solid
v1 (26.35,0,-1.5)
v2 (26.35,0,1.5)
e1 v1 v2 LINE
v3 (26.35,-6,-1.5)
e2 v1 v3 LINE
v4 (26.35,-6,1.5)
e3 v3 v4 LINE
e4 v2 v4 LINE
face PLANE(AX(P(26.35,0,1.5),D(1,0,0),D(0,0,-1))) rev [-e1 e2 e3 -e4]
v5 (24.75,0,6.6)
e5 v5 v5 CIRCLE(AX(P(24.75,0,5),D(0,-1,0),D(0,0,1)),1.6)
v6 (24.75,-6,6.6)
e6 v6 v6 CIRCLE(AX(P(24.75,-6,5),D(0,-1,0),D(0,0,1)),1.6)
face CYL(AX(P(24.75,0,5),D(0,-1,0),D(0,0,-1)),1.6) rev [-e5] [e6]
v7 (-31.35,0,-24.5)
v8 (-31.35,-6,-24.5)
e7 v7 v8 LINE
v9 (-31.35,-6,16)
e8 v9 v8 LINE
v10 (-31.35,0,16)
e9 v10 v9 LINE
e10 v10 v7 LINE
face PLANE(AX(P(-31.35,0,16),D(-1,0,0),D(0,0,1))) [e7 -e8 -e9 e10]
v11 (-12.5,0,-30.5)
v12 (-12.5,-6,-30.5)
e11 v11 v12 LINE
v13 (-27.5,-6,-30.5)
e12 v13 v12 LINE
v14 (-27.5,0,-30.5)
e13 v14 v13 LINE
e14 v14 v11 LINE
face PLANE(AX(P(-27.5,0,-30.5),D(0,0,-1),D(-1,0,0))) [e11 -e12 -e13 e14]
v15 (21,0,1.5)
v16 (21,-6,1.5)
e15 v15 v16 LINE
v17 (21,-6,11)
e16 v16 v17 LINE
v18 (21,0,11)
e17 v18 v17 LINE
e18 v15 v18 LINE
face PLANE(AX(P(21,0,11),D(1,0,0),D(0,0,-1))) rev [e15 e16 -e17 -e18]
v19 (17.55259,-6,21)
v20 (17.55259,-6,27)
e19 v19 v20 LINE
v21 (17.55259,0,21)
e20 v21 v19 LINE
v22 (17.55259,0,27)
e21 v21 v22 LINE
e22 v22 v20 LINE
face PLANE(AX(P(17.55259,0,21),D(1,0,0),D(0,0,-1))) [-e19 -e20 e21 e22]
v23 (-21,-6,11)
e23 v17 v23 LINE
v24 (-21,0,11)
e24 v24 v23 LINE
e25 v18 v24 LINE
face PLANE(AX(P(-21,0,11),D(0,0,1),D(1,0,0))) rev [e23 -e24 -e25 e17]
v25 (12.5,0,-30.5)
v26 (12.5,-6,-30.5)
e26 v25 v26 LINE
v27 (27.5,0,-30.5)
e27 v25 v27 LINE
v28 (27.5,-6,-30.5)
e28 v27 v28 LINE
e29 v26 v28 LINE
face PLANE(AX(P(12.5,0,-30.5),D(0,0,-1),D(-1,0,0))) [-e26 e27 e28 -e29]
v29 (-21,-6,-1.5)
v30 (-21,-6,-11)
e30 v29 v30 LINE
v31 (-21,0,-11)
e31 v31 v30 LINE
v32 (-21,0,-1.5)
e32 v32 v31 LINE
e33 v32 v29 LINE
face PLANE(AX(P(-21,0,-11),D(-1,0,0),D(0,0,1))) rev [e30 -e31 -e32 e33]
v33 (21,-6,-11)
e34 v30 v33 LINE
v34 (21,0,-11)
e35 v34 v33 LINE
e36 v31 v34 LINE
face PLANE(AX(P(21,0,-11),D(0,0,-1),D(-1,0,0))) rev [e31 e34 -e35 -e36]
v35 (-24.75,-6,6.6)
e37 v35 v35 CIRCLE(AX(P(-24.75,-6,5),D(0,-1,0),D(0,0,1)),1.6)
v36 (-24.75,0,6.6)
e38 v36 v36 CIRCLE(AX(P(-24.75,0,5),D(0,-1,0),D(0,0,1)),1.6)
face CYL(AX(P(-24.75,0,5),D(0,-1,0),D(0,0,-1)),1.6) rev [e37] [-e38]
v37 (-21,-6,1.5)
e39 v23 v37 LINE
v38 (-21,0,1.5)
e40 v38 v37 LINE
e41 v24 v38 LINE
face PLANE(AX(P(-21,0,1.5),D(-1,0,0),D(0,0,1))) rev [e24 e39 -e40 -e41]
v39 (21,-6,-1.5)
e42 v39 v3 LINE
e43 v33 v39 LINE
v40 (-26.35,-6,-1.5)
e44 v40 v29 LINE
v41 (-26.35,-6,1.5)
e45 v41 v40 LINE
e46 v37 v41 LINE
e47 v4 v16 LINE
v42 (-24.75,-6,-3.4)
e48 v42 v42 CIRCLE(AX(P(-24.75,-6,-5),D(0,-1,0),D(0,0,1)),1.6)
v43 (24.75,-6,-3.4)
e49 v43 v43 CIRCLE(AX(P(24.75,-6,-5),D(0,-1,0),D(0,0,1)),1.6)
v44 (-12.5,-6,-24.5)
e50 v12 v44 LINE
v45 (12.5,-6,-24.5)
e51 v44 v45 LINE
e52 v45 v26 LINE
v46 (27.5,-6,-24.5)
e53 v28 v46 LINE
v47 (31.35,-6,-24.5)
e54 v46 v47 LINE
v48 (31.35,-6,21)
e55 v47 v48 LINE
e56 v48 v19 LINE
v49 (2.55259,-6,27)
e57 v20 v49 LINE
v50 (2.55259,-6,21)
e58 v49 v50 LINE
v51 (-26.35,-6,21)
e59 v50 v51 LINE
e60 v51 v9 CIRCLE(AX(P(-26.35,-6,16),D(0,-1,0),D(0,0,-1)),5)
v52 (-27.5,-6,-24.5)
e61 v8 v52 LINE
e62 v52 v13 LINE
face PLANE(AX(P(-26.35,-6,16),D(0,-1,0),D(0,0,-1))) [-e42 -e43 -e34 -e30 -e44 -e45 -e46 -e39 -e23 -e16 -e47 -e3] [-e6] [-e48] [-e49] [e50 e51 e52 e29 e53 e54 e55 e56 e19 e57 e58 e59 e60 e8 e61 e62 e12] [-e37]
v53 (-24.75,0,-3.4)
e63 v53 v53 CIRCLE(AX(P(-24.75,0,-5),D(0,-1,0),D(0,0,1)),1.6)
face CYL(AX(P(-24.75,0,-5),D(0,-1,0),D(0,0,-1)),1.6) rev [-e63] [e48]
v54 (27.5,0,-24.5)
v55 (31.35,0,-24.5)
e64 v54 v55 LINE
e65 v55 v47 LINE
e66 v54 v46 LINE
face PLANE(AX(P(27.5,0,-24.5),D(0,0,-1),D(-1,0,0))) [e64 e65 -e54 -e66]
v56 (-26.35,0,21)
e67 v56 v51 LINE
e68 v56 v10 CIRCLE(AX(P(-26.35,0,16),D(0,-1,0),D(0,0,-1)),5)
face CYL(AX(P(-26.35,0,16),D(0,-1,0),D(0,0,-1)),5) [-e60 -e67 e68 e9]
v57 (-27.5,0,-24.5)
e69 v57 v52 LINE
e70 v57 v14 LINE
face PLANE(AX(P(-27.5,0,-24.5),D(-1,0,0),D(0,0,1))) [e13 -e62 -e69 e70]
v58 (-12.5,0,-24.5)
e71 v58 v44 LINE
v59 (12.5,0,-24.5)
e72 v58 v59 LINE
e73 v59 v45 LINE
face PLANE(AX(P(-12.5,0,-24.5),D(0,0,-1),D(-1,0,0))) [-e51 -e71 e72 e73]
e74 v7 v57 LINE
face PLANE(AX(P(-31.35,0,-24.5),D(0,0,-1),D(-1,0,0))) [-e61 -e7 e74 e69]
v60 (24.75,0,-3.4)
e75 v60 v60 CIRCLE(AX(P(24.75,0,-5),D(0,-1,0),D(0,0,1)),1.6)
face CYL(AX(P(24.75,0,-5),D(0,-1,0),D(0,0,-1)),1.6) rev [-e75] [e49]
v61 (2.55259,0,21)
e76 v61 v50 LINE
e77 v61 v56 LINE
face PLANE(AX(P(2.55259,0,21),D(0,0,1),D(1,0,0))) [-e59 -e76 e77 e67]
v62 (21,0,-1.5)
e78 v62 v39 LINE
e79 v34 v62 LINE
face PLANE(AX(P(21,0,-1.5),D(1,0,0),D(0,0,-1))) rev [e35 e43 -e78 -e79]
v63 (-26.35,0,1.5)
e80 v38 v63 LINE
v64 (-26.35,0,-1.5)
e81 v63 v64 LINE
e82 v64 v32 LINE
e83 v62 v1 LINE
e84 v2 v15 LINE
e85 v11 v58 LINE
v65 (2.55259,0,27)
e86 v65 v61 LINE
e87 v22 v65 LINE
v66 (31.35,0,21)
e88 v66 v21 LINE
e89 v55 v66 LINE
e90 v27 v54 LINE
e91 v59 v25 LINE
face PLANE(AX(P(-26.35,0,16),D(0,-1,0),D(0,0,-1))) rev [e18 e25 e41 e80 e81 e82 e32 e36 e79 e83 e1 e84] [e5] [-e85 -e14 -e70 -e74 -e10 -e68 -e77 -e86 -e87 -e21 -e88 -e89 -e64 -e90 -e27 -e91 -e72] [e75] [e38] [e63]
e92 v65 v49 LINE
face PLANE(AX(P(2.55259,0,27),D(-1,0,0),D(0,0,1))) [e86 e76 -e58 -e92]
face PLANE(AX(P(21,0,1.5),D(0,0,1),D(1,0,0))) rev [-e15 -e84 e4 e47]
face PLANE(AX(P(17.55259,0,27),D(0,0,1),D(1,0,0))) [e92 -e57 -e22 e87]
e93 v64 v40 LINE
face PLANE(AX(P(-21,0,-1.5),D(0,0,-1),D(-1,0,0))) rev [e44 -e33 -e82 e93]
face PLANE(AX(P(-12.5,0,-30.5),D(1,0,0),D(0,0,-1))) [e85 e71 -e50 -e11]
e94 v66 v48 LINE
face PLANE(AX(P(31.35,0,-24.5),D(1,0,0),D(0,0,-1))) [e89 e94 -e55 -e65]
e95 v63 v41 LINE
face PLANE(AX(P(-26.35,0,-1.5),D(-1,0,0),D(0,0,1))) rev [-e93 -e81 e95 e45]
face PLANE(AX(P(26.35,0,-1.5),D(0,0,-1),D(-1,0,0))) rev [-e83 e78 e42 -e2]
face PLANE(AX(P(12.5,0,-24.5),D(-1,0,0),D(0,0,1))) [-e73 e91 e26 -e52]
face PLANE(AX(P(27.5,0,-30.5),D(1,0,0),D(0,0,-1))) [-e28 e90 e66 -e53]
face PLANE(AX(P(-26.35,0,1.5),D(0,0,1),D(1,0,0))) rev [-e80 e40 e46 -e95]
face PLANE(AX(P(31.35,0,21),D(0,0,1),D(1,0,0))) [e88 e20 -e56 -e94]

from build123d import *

# Parameters (mm, degrees)
ESBO_O1_R                = 1.6
RESSALTO_EXTRUS_O1_DEPTH = 6


with BuildPart() as part:
    # Esboço1 → Ressalto-extrusão1 (new body)
    with BuildSketch(Plane.XZ.offset(6)):
        with BuildLine():
            Line((2.55259, 21), (-26.35, 21))
            ThreePointArc((-26.35, 21), (-29.885533906, 19.535533906), (-31.35, 16))
            Line((-31.35, 16), (-31.35, -24.5))
            Line((-31.35, -24.5), (-27.5, -24.5))
            Line((-27.5, -24.5), (-27.5, -30.5))
            Line((-27.5, -30.5), (-12.5, -30.5))
            Line((-12.5, -30.5), (-12.5, -24.5))
            Line((-12.5, -24.5), (12.5, -24.5))
            Line((12.5, -24.5), (12.5, -30.5))
            Line((12.5, -30.5), (27.5, -30.5))
            Line((27.5, -30.5), (27.5, -24.5))
            Line((27.5, -24.5), (31.35, -24.5))
            Line((31.35, -24.5), (31.35, 21))
            Line((31.35, 21), (17.55259, 21))
            Line((17.55259, 21), (17.55259, 27))
            Line((17.55259, 27), (2.55259, 27))
            Line((2.55259, 27), (2.55259, 21))
        make_face()
        with Locations((24.75, 5)):
            Circle(ESBO_O1_R, mode=Mode.SUBTRACT)
        with Locations((24.75, -5)):
            Circle(ESBO_O1_R, mode=Mode.SUBTRACT)
        with Locations((-24.75, 5)):
            Circle(ESBO_O1_R, mode=Mode.SUBTRACT)
        with Locations((-24.75, -5)):
            Circle(ESBO_O1_R, mode=Mode.SUBTRACT)
        Polygon((-26.35, 1.5), (-21, 1.5), (-21, 11), (21, 11), (21, 1.5), (26.35, 1.5), (26.35, -1.5), (21, -1.5), (21, -11), (-21, -11), (-21, -1.5), (-26.35, -1.5), align=None, mode=Mode.SUBTRACT)
    extrude(amount=-RESSALTO_EXTRUS_O1_DEPTH)


solid = part.part
